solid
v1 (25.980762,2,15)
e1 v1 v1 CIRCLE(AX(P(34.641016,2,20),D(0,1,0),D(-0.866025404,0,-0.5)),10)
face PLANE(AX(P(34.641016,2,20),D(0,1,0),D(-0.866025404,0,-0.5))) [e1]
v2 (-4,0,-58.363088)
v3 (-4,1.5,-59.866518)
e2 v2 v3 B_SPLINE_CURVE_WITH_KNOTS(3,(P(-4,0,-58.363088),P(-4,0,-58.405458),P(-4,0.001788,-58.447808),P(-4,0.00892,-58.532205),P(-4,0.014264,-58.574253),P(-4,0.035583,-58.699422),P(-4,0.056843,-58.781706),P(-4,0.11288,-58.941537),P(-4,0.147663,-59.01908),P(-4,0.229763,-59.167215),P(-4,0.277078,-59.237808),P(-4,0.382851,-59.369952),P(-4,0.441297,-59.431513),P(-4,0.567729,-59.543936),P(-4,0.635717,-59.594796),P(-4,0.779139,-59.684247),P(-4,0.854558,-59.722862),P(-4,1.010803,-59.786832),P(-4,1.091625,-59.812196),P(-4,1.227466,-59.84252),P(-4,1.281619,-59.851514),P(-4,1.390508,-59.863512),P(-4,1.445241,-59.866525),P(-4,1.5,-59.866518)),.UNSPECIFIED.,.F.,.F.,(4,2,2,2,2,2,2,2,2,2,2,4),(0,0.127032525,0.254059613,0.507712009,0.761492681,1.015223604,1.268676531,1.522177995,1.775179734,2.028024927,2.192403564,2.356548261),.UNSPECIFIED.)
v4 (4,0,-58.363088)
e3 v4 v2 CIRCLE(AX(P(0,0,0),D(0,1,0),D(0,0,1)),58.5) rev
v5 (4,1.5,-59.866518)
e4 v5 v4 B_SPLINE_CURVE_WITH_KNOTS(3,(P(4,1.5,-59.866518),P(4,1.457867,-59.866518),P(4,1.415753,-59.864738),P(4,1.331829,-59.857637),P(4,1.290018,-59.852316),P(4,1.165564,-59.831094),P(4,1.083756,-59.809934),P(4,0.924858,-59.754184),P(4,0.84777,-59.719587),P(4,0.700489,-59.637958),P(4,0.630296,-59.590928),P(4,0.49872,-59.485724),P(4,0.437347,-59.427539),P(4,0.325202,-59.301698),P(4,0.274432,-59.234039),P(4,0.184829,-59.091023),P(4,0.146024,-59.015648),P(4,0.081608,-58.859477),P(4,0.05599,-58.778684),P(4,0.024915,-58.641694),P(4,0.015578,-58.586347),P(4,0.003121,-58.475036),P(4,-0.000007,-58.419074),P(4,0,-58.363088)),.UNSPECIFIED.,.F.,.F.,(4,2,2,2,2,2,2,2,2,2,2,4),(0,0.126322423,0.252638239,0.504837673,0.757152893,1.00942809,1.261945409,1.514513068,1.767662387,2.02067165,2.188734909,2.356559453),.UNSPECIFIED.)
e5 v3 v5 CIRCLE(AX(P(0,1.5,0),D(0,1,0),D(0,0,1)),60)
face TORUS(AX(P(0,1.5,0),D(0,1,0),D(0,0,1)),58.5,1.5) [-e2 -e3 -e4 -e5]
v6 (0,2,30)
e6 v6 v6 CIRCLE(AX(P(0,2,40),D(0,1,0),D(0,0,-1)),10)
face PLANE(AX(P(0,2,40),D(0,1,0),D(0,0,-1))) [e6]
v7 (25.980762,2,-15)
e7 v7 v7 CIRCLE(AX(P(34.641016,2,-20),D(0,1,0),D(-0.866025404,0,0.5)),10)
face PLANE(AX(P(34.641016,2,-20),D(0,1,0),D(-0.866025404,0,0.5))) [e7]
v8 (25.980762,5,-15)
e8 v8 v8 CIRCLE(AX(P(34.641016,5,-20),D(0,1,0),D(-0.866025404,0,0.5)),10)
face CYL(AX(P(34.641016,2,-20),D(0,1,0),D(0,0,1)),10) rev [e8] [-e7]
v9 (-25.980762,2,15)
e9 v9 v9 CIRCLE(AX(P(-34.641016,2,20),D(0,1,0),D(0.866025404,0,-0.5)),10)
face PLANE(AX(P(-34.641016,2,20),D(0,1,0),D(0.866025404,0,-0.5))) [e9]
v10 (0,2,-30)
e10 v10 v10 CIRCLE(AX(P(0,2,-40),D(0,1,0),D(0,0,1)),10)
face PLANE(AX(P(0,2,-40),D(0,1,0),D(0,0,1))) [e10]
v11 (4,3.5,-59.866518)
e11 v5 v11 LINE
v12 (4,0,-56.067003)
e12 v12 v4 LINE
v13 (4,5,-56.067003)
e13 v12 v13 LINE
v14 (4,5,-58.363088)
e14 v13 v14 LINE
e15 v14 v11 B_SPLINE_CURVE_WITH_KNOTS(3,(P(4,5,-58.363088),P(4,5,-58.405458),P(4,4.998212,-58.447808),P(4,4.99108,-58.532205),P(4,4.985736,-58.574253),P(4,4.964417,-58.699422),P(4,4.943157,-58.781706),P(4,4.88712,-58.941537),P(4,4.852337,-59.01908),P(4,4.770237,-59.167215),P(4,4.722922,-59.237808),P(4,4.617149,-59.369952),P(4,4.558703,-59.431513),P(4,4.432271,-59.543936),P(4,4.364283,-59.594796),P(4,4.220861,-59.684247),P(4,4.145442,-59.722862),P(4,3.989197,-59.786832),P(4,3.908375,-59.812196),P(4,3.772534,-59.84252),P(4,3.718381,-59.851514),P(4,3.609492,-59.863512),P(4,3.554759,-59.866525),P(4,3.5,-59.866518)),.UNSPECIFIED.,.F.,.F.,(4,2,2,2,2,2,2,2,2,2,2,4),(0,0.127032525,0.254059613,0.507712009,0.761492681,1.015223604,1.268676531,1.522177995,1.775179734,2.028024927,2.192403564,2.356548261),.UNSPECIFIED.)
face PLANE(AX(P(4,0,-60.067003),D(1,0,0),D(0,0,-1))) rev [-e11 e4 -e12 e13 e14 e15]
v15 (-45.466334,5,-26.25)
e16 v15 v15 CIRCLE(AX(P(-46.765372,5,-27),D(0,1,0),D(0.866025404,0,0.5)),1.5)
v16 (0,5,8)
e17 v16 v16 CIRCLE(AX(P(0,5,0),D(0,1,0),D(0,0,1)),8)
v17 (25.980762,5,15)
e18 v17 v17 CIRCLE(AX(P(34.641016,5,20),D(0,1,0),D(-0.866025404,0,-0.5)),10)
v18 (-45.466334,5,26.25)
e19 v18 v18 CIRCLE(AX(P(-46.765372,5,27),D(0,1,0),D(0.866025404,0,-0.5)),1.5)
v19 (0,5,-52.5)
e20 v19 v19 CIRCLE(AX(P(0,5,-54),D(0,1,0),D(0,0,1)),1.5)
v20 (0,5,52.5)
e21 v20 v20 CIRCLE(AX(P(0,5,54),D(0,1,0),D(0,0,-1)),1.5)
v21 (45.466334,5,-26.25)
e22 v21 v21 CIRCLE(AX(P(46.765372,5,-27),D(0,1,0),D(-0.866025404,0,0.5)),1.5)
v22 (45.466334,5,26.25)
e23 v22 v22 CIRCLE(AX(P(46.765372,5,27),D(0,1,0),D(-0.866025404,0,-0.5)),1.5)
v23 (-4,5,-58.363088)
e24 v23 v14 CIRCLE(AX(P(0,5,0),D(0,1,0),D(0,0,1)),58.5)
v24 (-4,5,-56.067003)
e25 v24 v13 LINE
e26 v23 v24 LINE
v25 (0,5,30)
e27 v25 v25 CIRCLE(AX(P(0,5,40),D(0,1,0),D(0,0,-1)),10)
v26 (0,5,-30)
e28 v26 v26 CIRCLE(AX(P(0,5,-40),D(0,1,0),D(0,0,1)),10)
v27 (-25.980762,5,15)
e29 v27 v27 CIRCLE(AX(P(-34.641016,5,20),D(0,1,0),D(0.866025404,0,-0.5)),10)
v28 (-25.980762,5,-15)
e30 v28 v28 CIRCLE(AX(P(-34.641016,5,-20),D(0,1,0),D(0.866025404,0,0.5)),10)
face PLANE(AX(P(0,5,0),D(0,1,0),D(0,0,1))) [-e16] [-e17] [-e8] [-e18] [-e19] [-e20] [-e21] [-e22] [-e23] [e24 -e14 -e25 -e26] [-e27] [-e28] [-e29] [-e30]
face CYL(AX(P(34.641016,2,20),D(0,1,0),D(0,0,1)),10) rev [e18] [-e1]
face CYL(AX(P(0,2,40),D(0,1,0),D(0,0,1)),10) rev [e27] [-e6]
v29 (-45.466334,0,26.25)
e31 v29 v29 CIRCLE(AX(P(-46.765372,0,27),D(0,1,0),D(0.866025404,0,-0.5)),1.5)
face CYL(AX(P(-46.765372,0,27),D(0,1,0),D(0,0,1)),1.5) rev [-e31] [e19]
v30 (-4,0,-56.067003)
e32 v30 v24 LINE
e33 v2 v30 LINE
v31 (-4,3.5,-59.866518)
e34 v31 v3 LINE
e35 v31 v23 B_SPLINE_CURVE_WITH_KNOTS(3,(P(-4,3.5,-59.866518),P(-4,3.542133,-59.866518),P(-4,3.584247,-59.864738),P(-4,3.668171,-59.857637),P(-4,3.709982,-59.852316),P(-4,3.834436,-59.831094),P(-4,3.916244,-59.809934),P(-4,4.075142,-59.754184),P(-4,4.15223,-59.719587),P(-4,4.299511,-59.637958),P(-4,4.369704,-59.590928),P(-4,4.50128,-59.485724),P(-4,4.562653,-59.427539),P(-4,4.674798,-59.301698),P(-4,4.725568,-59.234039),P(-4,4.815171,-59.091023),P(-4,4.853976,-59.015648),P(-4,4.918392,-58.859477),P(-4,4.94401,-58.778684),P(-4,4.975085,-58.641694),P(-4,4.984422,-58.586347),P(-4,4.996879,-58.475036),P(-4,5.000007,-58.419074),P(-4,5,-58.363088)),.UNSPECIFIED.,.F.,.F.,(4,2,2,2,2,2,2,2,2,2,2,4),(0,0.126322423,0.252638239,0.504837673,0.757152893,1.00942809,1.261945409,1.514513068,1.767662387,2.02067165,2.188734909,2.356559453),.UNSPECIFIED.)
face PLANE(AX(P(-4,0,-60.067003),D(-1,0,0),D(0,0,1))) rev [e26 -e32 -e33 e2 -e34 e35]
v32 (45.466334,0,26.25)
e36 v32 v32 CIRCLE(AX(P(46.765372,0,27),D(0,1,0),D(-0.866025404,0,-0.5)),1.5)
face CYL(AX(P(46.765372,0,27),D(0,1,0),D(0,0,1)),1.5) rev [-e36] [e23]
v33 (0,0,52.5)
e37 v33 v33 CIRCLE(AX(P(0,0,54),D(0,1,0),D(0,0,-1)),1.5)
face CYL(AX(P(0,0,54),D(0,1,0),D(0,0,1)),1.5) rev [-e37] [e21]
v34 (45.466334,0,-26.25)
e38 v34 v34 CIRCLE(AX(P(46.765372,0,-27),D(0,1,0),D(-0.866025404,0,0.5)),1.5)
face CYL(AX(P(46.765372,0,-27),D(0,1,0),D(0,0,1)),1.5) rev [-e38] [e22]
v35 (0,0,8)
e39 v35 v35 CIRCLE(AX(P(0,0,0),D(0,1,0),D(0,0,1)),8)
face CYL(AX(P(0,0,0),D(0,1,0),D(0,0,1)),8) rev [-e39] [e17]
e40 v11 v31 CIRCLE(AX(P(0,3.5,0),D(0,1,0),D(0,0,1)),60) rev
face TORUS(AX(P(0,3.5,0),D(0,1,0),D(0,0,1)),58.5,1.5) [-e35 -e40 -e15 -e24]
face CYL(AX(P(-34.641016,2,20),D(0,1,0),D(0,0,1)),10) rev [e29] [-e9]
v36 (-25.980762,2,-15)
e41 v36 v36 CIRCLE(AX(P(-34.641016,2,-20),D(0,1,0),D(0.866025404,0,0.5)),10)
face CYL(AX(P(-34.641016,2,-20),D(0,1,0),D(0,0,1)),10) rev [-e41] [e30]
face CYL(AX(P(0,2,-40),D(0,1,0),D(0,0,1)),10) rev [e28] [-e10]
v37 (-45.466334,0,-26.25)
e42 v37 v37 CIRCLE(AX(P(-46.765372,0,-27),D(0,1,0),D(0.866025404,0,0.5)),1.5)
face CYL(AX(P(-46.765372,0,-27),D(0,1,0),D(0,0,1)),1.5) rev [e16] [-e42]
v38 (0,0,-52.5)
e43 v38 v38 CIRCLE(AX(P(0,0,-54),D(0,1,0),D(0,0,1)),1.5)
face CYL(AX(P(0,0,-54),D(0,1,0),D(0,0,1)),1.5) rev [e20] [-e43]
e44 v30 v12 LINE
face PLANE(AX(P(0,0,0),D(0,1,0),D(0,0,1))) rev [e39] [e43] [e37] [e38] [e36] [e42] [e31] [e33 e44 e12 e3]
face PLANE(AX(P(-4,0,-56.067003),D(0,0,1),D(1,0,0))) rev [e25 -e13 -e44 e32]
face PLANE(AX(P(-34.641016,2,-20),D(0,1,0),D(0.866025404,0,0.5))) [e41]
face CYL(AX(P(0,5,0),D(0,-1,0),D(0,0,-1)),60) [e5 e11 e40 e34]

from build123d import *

# Parameters (mm, degrees)
SKETCH2_R           = 60
BOSS_EXTRUDE1_DEPTH = 5
SKETCH3_R           = 8
CUT_EXTRUDE1_DEPTH  = 86
SKETCH4_R           = 10
CUT_EXTRUDE2_DEPTH  = 3
CIRPATTERN1_COUNT   = 6
SKETCH5_R           = 1.5
CUT_EXTRUDE3_DEPTH  = 86
CIRPATTERN2_COUNT   = 6
SKETCH6_W           = 8
SKETCH6_H           = 4
CUT_EXTRUDE4_DEPTH  = 86
FILLET1_R           = 1.5


with BuildPart() as part:
    # Sketch2 → Boss-Extrude1 (new body)
    with BuildSketch(Plane(origin=(0, 0, 0), x_dir=(1, 0, 0), z_dir=(0, 1, 0))):
        with Locations(Location((0, 0, 0), (0, 0, 270))):
            Circle(SKETCH2_R)
    extrude(amount=BOSS_EXTRUDE1_DEPTH)

    # Sketch3 → Cut-Extrude1 (cut, through all)
    with BuildSketch(Plane(origin=(0, 5, 0), x_dir=(1, 0, 0), z_dir=(0, 1, 0))):
        with Locations(Location((0, 0, 0), (0, 0, 270))):
            Circle(SKETCH3_R)
    extrude(amount=-CUT_EXTRUDE1_DEPTH, mode=Mode.SUBTRACT)

    # Sketch4 → Cut-Extrude2 (cut)
    with BuildSketch(Plane(origin=(0, 5, 0), x_dir=(1, 0, 0), z_dir=(0, 1, 0))):
        with Locations(Location((0, 40, 0), (0, 0, 270))):
            Circle(SKETCH4_R)
    cut_extrude2 = extrude(amount=-CUT_EXTRUDE2_DEPTH, mode=Mode.SUBTRACT)

    # CirPattern1: Cut-Extrude2 ×6 about axis
    cirpattern1_axis = Axis((0, 0, 0), (0, 1, 0))
    for i in range(1, CIRPATTERN1_COUNT):
        add(cut_extrude2.rotate(cirpattern1_axis, i * 360 / CIRPATTERN1_COUNT), mode=Mode.SUBTRACT)

    # Sketch5 → Cut-Extrude3 (cut, through all)
    with BuildSketch(Plane(origin=(0, 5, 0), x_dir=(1, 0, 0), z_dir=(0, 1, 0))):
        with Locations(Location((0, 54, 0), (0, 0, 270))):
            Circle(SKETCH5_R)
    cut_extrude3 = extrude(amount=-CUT_EXTRUDE3_DEPTH, mode=Mode.SUBTRACT)

    # CirPattern2: Cut-Extrude3 ×6 about axis
    cirpattern2_axis = Axis((0, 0, 0), (0, 1, 0))
    for i in range(1, CIRPATTERN2_COUNT):
        add(cut_extrude3.rotate(cirpattern2_axis, i * 360 / CIRPATTERN2_COUNT), mode=Mode.SUBTRACT)

    # Sketch6 → Cut-Extrude4 (cut, through all)
    with BuildSketch(Plane(origin=(0, 5, 0), x_dir=(1, 0, 0), z_dir=(0, 1, 0))):
        with Locations((0, 58.067002871)):
            Rectangle(SKETCH6_W, SKETCH6_H)
    extrude(amount=-CUT_EXTRUDE4_DEPTH, mode=Mode.SUBTRACT)

    # Fillet1
    fillet1_edges = [part.edges().sort_by_distance(p)[0] for p in [
        (59.966620262, 0, 2.001113277),
        (-59.966620262, 5, 2.001113277),
    ]]
    fillet(fillet1_edges, radius=FILLET1_R)


solid = part.part
